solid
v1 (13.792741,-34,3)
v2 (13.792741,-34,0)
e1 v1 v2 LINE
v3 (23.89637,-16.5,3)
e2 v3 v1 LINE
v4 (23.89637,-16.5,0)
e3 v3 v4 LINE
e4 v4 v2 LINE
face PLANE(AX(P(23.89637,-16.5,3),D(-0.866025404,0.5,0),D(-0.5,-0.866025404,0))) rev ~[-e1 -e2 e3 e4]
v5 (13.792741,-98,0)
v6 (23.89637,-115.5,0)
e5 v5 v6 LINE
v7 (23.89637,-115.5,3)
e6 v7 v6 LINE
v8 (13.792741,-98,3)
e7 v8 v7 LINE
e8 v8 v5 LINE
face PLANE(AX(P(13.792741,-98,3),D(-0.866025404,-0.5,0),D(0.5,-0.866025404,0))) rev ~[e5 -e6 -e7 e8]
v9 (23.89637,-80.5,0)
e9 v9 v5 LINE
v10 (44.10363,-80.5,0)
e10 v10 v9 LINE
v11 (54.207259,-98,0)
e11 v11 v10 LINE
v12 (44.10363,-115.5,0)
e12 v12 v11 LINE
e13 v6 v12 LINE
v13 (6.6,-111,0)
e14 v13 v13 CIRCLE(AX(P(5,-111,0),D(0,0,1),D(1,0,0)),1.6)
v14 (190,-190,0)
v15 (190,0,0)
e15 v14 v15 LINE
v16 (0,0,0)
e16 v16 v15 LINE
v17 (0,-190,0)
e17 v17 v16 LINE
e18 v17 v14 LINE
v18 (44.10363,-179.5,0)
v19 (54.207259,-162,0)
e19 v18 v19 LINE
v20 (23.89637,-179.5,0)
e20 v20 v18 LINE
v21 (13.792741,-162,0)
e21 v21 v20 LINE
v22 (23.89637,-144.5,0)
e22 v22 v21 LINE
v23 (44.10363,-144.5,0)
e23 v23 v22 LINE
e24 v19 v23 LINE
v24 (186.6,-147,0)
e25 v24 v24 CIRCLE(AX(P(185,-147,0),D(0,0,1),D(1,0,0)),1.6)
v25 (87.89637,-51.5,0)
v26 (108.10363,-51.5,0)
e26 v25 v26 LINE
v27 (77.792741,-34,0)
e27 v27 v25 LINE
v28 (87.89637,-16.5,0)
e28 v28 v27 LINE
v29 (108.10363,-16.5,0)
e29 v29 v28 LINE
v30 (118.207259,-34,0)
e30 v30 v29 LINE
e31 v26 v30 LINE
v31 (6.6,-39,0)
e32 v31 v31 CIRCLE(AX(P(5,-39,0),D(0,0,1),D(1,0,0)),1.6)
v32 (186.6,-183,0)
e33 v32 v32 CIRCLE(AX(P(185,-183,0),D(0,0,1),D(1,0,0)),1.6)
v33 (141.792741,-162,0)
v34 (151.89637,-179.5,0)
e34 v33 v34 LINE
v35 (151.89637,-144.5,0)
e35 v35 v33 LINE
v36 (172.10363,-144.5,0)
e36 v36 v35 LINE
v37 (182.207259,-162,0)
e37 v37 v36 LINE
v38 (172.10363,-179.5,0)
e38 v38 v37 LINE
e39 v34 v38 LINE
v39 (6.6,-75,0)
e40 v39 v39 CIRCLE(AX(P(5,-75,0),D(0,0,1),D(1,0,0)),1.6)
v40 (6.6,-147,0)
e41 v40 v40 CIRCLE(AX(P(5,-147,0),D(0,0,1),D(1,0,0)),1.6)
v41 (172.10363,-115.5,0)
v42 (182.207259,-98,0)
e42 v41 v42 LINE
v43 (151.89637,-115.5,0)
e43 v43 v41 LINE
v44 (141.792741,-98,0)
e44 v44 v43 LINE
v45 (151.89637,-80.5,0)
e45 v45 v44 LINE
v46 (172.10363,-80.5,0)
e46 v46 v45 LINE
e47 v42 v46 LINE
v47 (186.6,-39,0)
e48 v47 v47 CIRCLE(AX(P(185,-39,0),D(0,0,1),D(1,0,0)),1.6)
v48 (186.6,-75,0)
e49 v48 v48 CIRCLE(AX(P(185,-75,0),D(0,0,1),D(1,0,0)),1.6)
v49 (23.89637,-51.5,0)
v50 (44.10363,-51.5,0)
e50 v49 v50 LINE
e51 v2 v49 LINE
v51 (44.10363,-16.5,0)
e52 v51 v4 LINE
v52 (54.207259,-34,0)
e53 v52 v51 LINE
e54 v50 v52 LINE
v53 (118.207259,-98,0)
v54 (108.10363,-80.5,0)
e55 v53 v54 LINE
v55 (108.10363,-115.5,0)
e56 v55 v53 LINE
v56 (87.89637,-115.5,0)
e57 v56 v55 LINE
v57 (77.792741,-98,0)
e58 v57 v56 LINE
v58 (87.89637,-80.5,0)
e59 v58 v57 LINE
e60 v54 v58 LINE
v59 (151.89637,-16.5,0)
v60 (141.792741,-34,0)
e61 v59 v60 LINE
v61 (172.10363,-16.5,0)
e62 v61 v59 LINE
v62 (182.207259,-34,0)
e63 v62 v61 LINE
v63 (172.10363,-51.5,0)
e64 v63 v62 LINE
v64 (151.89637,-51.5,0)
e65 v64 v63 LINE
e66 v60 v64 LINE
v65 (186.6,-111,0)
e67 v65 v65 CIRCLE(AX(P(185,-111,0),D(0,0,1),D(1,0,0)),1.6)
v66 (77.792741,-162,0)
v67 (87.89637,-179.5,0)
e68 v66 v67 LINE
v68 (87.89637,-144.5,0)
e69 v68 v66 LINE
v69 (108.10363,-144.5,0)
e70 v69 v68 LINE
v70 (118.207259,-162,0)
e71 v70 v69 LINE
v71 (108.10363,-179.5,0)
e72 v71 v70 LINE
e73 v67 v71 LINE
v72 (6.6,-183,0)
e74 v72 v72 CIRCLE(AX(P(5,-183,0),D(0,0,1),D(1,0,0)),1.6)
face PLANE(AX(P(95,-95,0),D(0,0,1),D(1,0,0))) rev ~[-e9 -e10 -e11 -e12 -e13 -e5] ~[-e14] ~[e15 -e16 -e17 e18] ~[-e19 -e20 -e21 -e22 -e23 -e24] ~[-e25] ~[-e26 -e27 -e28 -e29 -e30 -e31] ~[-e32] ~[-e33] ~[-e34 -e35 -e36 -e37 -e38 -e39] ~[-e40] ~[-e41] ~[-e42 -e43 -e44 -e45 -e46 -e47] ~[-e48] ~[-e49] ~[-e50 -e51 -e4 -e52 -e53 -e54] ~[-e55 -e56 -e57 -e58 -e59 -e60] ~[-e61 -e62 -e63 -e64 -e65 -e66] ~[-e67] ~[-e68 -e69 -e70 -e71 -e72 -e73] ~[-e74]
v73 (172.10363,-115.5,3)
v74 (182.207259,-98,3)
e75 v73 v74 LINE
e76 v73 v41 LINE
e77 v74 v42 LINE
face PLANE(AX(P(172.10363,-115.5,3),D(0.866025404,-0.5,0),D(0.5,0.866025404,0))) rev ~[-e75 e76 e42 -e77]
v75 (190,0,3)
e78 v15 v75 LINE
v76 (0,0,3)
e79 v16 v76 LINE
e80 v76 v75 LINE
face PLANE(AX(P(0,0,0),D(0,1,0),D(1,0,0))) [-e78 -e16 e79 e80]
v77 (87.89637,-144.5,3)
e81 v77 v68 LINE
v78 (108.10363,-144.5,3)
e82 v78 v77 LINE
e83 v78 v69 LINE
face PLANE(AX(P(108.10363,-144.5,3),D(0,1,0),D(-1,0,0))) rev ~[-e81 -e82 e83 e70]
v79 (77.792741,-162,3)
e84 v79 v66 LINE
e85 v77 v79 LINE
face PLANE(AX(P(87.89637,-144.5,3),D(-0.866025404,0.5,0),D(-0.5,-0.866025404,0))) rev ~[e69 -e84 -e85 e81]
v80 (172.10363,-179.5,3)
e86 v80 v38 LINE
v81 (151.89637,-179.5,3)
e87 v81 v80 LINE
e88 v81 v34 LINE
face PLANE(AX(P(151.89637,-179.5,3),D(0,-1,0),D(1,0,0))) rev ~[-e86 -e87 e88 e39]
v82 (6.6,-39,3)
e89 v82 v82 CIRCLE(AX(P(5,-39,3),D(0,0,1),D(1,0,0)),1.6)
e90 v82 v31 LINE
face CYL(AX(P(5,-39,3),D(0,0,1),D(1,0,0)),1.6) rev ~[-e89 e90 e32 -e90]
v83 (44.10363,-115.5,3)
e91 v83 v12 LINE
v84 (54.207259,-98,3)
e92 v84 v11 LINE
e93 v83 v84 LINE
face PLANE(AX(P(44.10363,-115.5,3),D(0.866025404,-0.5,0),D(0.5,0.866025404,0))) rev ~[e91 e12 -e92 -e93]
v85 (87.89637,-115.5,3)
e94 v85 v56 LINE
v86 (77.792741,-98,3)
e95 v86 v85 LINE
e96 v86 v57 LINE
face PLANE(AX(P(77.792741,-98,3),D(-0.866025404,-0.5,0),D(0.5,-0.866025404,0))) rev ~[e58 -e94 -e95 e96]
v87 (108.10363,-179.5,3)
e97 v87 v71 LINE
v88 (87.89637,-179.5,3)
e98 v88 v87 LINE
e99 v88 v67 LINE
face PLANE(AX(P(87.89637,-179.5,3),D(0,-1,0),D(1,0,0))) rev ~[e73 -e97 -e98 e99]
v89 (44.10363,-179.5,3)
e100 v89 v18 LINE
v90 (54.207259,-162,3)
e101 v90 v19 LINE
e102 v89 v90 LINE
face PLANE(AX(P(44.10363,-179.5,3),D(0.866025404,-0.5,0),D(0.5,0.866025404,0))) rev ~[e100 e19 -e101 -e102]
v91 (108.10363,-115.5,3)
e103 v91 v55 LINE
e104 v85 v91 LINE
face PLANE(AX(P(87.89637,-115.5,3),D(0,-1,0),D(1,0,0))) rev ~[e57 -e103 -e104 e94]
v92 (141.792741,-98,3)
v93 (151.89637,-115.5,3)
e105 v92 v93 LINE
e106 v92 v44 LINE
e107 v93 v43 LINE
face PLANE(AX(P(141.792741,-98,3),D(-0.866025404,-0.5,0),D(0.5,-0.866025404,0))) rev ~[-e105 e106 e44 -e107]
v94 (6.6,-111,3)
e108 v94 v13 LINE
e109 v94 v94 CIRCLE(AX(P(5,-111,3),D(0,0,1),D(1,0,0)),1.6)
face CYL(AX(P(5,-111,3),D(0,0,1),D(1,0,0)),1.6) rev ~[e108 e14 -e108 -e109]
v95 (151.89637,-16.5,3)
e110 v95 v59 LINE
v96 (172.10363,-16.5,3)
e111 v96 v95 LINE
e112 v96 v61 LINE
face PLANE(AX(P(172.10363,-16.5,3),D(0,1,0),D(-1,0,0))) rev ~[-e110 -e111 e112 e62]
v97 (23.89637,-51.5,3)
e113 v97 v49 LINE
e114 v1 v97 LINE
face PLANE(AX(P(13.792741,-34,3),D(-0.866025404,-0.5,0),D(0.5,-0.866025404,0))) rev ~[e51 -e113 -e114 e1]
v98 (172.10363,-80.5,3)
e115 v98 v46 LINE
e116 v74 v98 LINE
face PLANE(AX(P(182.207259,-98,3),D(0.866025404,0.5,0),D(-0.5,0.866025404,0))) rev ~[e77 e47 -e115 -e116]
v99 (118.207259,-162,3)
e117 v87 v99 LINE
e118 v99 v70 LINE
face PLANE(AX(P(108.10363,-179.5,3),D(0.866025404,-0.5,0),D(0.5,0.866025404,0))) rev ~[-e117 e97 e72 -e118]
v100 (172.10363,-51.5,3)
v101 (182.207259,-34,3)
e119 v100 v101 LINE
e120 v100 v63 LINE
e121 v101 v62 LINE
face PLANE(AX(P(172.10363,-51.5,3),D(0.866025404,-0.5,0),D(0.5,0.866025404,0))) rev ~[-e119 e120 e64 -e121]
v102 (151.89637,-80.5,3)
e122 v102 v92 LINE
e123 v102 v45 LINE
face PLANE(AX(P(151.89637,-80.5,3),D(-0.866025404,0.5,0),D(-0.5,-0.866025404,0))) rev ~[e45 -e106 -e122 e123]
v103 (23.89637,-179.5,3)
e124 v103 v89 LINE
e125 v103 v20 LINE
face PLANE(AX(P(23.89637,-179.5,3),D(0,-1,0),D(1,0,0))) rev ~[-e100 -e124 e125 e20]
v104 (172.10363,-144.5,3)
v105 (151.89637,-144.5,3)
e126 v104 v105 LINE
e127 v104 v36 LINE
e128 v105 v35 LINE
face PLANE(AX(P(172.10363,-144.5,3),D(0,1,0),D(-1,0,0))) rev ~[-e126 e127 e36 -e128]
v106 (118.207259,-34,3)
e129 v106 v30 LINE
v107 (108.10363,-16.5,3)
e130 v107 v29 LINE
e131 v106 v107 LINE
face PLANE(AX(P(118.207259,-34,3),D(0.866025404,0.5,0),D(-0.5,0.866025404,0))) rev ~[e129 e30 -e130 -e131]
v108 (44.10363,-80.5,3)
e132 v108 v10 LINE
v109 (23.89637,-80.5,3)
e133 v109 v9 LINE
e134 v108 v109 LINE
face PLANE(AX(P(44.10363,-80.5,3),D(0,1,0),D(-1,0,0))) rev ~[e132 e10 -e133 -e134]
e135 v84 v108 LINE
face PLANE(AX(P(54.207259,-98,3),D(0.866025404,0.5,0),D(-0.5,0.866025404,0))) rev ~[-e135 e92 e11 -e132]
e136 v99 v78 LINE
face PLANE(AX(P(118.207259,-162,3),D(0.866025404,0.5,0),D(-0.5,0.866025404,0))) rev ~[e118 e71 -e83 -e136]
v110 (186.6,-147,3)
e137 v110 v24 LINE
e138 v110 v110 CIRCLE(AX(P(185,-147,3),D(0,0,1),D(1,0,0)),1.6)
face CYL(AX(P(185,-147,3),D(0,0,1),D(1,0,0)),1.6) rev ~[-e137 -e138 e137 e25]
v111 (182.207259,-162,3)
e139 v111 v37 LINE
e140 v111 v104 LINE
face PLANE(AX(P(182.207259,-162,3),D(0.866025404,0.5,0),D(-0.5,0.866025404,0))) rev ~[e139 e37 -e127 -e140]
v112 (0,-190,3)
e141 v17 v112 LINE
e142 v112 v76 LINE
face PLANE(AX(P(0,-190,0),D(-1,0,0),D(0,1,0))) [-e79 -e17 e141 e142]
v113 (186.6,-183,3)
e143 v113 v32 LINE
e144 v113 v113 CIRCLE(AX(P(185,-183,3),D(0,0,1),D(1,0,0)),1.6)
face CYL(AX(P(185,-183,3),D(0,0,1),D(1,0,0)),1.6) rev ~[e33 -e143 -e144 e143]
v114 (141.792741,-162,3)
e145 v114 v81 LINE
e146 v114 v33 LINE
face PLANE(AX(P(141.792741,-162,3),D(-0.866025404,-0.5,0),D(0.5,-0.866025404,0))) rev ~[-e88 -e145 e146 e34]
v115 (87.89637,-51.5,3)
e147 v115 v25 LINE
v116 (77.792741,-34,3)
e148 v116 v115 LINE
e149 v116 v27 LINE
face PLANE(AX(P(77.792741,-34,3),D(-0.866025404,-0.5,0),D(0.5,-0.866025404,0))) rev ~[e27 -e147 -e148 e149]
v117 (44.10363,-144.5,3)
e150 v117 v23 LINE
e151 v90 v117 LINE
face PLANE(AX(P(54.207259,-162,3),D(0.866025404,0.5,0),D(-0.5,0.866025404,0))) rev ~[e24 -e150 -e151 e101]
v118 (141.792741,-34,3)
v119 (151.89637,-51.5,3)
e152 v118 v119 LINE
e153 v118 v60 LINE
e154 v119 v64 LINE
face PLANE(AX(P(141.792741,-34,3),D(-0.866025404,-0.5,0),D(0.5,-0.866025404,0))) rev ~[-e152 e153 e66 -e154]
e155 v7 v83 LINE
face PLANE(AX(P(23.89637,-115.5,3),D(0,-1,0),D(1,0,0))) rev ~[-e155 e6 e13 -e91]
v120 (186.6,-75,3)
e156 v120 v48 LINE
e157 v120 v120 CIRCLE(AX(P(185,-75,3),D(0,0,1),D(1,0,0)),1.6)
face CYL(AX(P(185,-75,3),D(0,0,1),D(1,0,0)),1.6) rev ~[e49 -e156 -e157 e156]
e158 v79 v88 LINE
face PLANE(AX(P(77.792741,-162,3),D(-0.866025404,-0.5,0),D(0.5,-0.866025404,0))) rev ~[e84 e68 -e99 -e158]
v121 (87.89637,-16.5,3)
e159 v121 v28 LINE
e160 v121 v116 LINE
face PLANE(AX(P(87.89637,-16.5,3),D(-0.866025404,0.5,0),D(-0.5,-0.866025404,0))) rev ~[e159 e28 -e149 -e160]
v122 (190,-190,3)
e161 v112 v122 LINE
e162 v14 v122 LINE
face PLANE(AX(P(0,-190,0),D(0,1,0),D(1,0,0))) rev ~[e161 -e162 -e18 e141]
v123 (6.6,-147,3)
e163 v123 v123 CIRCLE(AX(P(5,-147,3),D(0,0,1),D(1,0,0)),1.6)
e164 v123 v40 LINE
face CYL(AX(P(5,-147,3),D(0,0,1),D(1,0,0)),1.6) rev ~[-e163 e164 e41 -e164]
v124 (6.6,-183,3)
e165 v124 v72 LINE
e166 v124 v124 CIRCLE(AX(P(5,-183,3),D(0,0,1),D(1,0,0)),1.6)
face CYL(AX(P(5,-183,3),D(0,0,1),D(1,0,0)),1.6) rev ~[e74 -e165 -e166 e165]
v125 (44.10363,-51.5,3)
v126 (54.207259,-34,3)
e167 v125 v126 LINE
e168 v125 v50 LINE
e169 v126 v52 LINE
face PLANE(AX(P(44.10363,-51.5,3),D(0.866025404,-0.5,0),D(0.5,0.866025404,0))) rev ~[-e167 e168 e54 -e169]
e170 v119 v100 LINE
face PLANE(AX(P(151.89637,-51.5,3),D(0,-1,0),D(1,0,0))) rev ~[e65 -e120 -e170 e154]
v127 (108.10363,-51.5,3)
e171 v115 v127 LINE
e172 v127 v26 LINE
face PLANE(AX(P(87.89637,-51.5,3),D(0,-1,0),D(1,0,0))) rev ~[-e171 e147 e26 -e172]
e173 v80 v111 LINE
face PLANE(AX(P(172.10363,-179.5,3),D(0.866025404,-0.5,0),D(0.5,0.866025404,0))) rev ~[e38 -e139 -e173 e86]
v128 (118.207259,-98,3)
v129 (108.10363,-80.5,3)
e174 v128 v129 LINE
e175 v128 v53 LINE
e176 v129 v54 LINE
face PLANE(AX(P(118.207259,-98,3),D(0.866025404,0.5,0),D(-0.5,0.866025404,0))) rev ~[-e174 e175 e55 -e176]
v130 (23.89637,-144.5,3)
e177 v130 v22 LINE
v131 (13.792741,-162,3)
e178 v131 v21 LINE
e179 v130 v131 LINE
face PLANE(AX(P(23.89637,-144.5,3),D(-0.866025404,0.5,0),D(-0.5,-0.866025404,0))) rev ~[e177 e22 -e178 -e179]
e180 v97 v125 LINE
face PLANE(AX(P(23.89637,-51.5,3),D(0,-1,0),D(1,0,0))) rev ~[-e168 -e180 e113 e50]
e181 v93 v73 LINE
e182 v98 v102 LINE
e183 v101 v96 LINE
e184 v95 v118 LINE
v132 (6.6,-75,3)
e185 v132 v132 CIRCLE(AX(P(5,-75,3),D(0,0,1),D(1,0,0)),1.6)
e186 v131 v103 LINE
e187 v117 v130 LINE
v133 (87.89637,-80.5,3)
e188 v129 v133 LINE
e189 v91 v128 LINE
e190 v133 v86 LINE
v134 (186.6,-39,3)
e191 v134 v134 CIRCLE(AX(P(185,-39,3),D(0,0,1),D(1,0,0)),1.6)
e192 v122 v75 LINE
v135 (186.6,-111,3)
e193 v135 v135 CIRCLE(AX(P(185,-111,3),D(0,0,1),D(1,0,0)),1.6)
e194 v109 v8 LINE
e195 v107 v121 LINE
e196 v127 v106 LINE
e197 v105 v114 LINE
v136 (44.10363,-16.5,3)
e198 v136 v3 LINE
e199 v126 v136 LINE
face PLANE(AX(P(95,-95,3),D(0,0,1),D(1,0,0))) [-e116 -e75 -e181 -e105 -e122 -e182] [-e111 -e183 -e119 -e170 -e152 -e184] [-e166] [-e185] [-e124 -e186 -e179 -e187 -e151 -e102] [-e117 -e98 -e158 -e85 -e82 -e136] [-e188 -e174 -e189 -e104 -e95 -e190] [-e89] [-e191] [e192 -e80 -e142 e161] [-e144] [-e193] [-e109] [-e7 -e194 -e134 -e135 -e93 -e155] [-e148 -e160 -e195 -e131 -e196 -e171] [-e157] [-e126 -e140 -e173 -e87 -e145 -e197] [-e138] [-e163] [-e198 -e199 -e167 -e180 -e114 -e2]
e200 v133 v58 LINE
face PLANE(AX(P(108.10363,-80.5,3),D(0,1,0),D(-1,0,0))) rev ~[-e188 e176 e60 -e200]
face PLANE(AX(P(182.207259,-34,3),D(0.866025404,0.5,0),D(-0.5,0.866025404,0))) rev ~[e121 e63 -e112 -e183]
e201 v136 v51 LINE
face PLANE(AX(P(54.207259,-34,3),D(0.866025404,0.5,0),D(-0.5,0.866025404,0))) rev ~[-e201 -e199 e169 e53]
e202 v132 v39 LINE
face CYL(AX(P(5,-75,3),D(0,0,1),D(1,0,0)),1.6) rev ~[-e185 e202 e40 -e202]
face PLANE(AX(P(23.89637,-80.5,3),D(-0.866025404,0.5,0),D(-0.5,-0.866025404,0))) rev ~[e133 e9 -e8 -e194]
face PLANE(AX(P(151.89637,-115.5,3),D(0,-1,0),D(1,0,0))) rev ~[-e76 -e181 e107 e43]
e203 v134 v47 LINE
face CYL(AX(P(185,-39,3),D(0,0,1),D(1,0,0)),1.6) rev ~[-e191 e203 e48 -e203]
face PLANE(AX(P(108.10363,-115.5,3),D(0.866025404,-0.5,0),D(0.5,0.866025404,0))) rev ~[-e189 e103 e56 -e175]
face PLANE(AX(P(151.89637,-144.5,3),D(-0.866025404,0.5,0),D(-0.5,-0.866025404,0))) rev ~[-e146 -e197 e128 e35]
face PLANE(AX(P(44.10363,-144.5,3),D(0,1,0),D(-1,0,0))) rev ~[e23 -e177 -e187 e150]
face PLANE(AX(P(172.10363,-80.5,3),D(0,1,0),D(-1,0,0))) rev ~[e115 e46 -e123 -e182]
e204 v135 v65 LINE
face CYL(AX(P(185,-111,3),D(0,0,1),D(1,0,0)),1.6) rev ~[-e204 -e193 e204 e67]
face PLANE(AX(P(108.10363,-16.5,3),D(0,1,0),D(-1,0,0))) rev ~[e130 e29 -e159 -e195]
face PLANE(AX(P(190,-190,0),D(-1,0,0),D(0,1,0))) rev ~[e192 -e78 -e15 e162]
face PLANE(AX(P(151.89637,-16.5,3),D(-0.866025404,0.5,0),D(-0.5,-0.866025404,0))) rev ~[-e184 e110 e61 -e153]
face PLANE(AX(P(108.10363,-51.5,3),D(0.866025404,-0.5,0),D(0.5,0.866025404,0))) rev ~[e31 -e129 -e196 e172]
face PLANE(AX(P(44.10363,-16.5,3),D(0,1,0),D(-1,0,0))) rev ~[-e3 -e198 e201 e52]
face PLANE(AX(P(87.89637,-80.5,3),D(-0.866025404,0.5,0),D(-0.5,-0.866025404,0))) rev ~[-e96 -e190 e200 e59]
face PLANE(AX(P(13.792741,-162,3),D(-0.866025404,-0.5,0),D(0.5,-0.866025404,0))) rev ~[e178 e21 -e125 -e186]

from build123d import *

# Parameters (mm, degrees)
SKETCH_1_W          = 190
SKETCH_1_H          = 190
EXTRUDE_1_DEPTH     = 3
CUT_EXTRUDE_1_DEPTH = 3
SKETCH_3_R          = 1.6
CUT_EXTRUDE_2_DEPTH = 10


with BuildPart() as part:
    # 草图1 → 凸台-拉伸1 (new body)
    with BuildSketch(Plane.XY):
        with Locations((95, -95)):
            Rectangle(SKETCH_1_W, SKETCH_1_H)
    extrude(amount=EXTRUDE_1_DEPTH)

    # 草图2 → 切除-拉伸1 (cut)
    with BuildSketch(Plane.XY.offset(3)):
        Polygon((54.207259422, -34), (44.103629711, -16.5), (23.896370289, -16.5), (13.792740578, -34), (23.896370289, -51.5), (44.103629711, -51.5), align=None)
        Polygon((108.103629711, -16.5), (87.896370289, -16.5), (77.792740578, -34), (87.896370289, -51.5), (108.103629711, -51.5), (118.207259422, -34), align=None)
        Polygon((172.103629711, -16.5), (151.896370289, -16.5), (141.792740578, -34), (151.896370289, -51.5), (172.103629711, -51.5), (182.207259422, -34), align=None)
        Polygon((108.103629711, -80.5), (87.896370289, -80.5), (77.792740578, -98), (87.896370289, -115.5), (108.103629711, -115.5), (118.207259422, -98), align=None)
        Polygon((172.103629711, -80.5), (151.896370289, -80.5), (141.792740578, -98), (151.896370289, -115.5), (172.103629711, -115.5), (182.207259422, -98), align=None)
        Polygon((108.103629711, -144.5), (87.896370289, -144.5), (77.792740578, -162), (87.896370289, -179.5), (108.103629711, -179.5), (118.207259422, -162), align=None)
        Polygon((172.103629711, -144.5), (151.896370289, -144.5), (141.792740578, -162), (151.896370289, -179.5), (172.103629711, -179.5), (182.207259422, -162), align=None)
        Polygon((44.103629711, -80.5), (23.896370289, -80.5), (13.792740578, -98), (23.896370289, -115.5), (44.103629711, -115.5), (54.207259422, -98), align=None)
        Polygon((44.103629711, -144.5), (23.896370289, -144.5), (13.792740578, -162), (23.896370289, -179.5), (44.103629711, -179.5), (54.207259422, -162), align=None)
    extrude(amount=-CUT_EXTRUDE_1_DEPTH, mode=Mode.SUBTRACT)

    # 草图3 → 切除-拉伸2 (cut)
    with BuildSketch(Plane.XY.offset(3)):
        with Locations((5, -75)):
            Circle(SKETCH_3_R)
        with Locations((185, -75)):
            Circle(SKETCH_3_R)
        with Locations((5, -111)):
            Circle(SKETCH_3_R)
        with Locations((185, -111)):
            Circle(SKETCH_3_R)
        with Locations((5, -147)):
            Circle(SKETCH_3_R)
        with Locations((185, -147)):
            Circle(SKETCH_3_R)
        with Locations((5, -183)):
            Circle(SKETCH_3_R)
        with Locations((185, -183)):
            Circle(SKETCH_3_R)
        with Locations((5, -39)):
            Circle(SKETCH_3_R)
        with Locations((185, -39)):
            Circle(SKETCH_3_R)
    extrude(amount=-CUT_EXTRUDE_2_DEPTH, mode=Mode.SUBTRACT)


solid = part.part
